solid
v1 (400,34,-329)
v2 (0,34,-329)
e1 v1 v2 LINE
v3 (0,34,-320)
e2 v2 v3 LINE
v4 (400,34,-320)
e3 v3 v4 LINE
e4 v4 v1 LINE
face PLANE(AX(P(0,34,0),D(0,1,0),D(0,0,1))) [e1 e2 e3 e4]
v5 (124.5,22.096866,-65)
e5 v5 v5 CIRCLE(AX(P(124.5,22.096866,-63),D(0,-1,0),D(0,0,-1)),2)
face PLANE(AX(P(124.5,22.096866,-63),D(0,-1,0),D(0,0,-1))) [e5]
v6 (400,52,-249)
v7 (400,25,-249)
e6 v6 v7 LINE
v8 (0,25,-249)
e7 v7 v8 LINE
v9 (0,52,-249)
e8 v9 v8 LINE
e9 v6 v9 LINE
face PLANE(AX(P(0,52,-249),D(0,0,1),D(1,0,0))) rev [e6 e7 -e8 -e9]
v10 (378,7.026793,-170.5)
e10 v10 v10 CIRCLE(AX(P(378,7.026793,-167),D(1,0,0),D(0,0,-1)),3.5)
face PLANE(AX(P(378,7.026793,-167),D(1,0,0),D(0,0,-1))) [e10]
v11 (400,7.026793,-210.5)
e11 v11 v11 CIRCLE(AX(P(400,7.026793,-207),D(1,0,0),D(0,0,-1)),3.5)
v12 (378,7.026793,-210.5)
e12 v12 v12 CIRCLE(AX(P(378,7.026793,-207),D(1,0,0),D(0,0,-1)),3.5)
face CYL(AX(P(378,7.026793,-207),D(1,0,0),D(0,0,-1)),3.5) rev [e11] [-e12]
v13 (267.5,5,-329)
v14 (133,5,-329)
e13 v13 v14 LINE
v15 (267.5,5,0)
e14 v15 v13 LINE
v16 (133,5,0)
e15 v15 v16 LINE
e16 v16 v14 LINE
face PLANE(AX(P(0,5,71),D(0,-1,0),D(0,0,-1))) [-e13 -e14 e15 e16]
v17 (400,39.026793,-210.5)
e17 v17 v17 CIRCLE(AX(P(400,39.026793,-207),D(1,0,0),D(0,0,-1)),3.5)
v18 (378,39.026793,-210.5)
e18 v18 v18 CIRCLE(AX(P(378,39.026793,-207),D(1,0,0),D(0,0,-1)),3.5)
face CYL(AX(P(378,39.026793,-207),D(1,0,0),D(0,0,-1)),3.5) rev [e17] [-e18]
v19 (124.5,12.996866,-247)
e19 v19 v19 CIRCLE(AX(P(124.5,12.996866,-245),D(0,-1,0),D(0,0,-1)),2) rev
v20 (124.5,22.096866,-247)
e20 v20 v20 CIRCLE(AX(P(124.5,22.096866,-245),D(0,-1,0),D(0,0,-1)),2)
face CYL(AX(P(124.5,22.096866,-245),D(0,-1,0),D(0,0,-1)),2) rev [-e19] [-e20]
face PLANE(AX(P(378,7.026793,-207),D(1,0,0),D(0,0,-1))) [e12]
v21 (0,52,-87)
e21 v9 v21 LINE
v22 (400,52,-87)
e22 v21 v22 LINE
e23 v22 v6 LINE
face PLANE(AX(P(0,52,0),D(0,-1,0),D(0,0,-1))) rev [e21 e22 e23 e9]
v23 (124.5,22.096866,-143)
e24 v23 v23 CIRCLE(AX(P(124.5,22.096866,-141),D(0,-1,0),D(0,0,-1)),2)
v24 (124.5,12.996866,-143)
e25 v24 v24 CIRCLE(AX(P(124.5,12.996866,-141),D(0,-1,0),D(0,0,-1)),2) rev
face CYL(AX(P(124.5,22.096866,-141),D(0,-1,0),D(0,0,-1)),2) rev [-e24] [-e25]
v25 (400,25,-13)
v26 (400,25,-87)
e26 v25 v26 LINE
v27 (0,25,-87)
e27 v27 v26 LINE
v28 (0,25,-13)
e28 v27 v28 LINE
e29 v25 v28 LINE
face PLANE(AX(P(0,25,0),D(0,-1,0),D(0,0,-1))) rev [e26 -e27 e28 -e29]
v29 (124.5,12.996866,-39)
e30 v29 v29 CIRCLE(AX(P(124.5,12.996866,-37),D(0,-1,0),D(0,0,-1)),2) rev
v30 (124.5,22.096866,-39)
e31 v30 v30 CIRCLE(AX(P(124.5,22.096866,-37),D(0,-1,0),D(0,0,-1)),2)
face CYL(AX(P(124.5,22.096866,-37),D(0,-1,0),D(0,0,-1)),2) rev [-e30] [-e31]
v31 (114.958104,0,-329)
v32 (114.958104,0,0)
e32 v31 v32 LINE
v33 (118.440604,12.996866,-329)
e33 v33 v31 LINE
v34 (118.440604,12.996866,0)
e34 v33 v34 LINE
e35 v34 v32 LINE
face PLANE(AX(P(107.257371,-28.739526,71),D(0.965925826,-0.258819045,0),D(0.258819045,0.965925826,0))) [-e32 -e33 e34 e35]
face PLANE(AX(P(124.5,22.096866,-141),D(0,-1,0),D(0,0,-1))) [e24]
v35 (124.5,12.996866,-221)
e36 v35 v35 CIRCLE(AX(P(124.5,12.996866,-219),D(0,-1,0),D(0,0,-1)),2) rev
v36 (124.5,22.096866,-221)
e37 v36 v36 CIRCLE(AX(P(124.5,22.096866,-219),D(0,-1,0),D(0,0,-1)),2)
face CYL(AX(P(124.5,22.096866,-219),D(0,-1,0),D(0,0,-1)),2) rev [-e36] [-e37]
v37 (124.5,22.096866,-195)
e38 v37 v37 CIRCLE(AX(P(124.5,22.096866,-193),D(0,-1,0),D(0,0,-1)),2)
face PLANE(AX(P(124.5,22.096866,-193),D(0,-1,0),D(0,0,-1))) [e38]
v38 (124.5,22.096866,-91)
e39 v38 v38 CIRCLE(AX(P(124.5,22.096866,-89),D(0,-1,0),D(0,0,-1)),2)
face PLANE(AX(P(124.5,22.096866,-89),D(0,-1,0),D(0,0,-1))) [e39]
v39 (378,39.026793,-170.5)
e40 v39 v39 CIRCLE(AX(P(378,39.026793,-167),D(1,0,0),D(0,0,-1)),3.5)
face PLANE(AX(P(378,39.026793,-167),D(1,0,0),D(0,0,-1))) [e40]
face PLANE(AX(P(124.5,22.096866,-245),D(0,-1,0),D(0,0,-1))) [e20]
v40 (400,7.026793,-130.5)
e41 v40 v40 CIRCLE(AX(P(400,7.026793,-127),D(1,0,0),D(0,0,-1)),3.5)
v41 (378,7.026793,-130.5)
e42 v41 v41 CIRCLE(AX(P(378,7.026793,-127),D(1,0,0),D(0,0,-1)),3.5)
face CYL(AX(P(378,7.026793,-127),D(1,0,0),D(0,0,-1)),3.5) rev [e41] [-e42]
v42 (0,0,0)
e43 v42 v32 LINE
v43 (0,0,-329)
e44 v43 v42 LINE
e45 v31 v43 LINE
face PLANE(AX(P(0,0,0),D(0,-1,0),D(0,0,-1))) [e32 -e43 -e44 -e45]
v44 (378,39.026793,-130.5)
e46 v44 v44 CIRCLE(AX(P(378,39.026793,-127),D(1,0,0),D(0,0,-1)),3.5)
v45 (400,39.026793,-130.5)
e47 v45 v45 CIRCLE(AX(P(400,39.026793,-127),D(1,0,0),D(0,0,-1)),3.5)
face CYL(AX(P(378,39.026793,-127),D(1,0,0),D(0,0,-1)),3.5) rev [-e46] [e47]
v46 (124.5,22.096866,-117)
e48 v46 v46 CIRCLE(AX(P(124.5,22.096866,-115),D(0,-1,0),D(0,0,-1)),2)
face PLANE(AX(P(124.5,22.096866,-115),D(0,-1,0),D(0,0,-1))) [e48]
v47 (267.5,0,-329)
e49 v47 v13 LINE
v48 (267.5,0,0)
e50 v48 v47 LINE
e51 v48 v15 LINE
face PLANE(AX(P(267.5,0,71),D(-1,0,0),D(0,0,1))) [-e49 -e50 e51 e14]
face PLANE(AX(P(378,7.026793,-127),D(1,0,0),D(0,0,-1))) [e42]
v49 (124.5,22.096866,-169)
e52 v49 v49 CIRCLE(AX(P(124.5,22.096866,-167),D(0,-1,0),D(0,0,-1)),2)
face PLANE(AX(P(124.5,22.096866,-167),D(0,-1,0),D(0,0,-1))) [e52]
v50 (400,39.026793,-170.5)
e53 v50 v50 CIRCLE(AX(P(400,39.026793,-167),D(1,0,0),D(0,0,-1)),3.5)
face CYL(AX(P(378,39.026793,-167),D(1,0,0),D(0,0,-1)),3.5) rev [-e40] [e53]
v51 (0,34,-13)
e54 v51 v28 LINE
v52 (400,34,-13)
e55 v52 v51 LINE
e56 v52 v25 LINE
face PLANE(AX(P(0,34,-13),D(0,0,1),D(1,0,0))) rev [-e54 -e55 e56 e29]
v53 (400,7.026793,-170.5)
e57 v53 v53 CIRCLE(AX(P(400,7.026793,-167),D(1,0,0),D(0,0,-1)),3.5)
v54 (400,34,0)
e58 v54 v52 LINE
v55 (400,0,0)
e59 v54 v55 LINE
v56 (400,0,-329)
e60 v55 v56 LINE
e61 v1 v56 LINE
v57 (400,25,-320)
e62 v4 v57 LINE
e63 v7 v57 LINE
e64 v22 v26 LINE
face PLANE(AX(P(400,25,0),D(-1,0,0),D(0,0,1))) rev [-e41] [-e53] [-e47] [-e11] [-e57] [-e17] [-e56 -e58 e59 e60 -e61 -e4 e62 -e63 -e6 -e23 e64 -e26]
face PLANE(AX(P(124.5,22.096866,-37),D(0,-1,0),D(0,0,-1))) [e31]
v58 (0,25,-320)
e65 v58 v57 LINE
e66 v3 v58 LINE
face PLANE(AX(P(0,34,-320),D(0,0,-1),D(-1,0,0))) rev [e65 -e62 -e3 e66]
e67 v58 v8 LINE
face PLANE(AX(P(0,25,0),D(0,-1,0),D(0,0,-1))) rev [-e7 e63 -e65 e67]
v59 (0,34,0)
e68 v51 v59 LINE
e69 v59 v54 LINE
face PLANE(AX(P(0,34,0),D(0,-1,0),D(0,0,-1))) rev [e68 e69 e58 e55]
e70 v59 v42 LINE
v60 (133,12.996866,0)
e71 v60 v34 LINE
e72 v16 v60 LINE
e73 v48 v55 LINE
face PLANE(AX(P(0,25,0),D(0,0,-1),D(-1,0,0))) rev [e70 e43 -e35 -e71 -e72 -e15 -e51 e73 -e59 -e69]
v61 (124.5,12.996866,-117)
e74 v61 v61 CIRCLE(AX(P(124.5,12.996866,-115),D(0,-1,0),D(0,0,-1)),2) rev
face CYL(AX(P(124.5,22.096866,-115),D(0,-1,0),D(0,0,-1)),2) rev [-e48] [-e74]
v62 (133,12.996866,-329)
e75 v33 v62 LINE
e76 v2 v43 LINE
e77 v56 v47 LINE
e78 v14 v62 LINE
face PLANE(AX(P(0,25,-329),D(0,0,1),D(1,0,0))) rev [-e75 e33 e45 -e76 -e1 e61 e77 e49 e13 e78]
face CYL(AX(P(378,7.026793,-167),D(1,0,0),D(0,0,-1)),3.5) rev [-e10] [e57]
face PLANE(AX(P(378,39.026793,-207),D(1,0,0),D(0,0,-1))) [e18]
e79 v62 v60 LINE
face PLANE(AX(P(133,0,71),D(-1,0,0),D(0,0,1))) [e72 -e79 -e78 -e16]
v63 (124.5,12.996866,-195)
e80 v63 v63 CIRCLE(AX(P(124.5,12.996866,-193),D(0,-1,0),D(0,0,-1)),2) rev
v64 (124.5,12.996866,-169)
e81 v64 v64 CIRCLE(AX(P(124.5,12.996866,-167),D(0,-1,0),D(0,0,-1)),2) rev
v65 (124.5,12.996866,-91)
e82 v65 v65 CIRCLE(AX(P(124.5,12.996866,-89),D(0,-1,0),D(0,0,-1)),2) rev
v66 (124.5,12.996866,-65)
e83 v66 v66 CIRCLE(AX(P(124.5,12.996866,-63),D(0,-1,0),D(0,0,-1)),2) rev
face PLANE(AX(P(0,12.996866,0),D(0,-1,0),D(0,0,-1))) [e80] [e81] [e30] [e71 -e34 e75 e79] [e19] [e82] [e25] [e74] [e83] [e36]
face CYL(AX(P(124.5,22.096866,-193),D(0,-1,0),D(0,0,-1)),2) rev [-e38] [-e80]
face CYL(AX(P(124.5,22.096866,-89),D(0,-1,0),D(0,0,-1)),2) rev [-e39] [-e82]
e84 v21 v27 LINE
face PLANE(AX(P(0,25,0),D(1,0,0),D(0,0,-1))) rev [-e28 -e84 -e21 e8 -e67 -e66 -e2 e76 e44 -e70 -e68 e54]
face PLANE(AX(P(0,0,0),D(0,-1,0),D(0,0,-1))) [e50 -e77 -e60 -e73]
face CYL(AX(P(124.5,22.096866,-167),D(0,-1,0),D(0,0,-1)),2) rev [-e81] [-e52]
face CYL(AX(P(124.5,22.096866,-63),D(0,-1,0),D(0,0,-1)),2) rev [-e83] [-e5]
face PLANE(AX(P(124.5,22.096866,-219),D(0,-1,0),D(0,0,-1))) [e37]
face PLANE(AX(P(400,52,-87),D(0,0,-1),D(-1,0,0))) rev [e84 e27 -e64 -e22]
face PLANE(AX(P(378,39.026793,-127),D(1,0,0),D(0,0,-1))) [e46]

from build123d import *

# Parameters (mm, degrees)
SKETCH_1_W           = 400
SKETCH_1_H           = 329
EXTRUDE_1_DEPTH      = 25
SKETCH_2_W           = 400
SKETCH_2_H           = 162
EXTRUDE_2_DEPTH      = 27
SKETCH_4_W           = 400
SKETCH_4_H           = 9
SKETCH_4_H_2         = 13
EXTRUDE_3_DEPTH      = 9
CUT_EXTRUDE_3_DEPTH  = 400
SKETCH_10_R          = 2
CUT_EXTRUDE_8_DEPTH  = 9.03
EXTRUDE_START        = 0.07
SKETCH_12_W          = 14.540639504
SKETCH_12_H          = 329
SKETCH_12_R          = 2
EXTRUDE_4_DEPTH      = 0.07
EXTRUDE_5_DEPTH      = 329
SKETCH_15_R          = 3.5
CUT_EXTRUDE_10_DEPTH = 22


with BuildPart() as part:
    # 草图1 → 凸台-拉伸1 (new body)
    with BuildSketch(Plane(origin=(0, 0, 0), x_dir=(1, 0, 0), z_dir=(0, 1, 0))):
        with Locations((200, 164.5)):
            Rectangle(SKETCH_1_W, SKETCH_1_H)
    extrude(amount=EXTRUDE_1_DEPTH)

    # 草图2 → 凸台-拉伸2 (add)
    with BuildSketch(Plane(origin=(0, 25, 0), x_dir=(1, 0, 0), z_dir=(0, 1, 0))):
        with Locations((200, 168)):
            Rectangle(SKETCH_2_W, SKETCH_2_H)
    extrude(amount=EXTRUDE_2_DEPTH)

    # 草图4 → 凸台-拉伸3 (add)
    with BuildSketch(Plane(origin=(0, 25, 0), x_dir=(1, 0, 0), z_dir=(0, 1, 0))):
        with Locations((200, 324.5)):
            Rectangle(SKETCH_4_W, SKETCH_4_H)
        with Locations((200, 6.5)):
            Rectangle(SKETCH_4_W, SKETCH_4_H_2)
    extrude(amount=EXTRUDE_3_DEPTH)

    # 草图8 → 切除-拉伸3 (cut)
    with BuildSketch(Plane(origin=(0, 0, -329), x_dir=(-1, 0, 0), z_dir=(0, 0, -1))):
        Polygon((-267.5, 5), (-267.5, 0), (-114.958104289, 0), (-118.459360496, 13.066866054), (-133, 13.066866054), (-133, 5), align=None)
    extrude(amount=-CUT_EXTRUDE_3_DEPTH, mode=Mode.SUBTRACT)

    # 草图10 → 切除-拉伸8 (cut)
    with BuildSketch(Plane.XZ.offset(-13.066866054)):
        with Locations(Location((124.5, -37, 0), (0, 0, 270))):
            Circle(SKETCH_10_R)
        with Locations(Location((124.5, -63, 0), (0, 0, 270))):
            Circle(SKETCH_10_R)
        with Locations(Location((124.5, -89, 0), (0, 0, 270))):
            Circle(SKETCH_10_R)
        with Locations(Location((124.5, -115, 0), (0, 0, 270))):
            Circle(SKETCH_10_R)
        with Locations(Location((124.5, -141, 0), (0, 0, 270))):
            Circle(SKETCH_10_R)
        with Locations(Location((124.5, -167, 0), (0, 0, 270))):
            Circle(SKETCH_10_R)
        with Locations(Location((124.5, -193, 0), (0, 0, 270))):
            Circle(SKETCH_10_R)
        with Locations(Location((124.5, -219, 0), (0, 0, 270))):
            Circle(SKETCH_10_R)
        with Locations(Location((124.5, -245, 0), (0, 0, 270))):
            Circle(SKETCH_10_R)
    extrude(amount=-CUT_EXTRUDE_8_DEPTH, mode=Mode.SUBTRACT)

    # 草图12 → 凸台-拉伸4 (add)
    with BuildSketch(Plane.XZ.offset(-13.066866054).offset(EXTRUDE_START)):
        with Locations((125.729680248, -164.5)):
            Rectangle(SKETCH_12_W, SKETCH_12_H)
        with Locations(Location((124.5, -63, 0), (0, 0, 270))):
            Circle(SKETCH_12_R, mode=Mode.SUBTRACT)
        with Locations(Location((124.5, -115, 0), (0, 0, 270))):
            Circle(SKETCH_12_R, mode=Mode.SUBTRACT)
        with Locations(Location((124.5, -167, 0), (0, 0, 270))):
            Circle(SKETCH_12_R, mode=Mode.SUBTRACT)
        with Locations(Location((124.5, -219, 0), (0, 0, 270))):
            Circle(SKETCH_12_R, mode=Mode.SUBTRACT)
        with Locations(Location((124.5, -245, 0), (0, 0, 270))):
            Circle(SKETCH_12_R, mode=Mode.SUBTRACT)
        with Locations(Location((124.5, -193, 0), (0, 0, 270))):
            Circle(SKETCH_12_R, mode=Mode.SUBTRACT)
        with Locations(Location((124.5, -141, 0), (0, 0, 270))):
            Circle(SKETCH_12_R, mode=Mode.SUBTRACT)
        with Locations(Location((124.5, -89, 0), (0, 0, 270))):
            Circle(SKETCH_12_R, mode=Mode.SUBTRACT)
        with Locations(Location((124.5, -37, 0), (0, 0, 270))):
            Circle(SKETCH_12_R, mode=Mode.SUBTRACT)
    extrude(amount=-EXTRUDE_4_DEPTH)

    # 草图13 → 凸台-拉伸5 (add)
    with BuildSketch(Plane.XY):
        Polygon((118.459360496, 13.066866054), (118.459360496, 12.996866054), (118.440604053, 12.996866054), align=None)
    extrude(amount=-EXTRUDE_5_DEPTH)

    # 草图15 → 切除-拉伸10 (cut)
    with BuildSketch(Plane(origin=(400, 0, 0), x_dir=(0, 0, -1), z_dir=(1, 0, 0))):
        with Locations((207, 39.026793109)):
            Circle(SKETCH_15_R)
        with Locations((207, 7.026793109)):
            Circle(SKETCH_15_R)
        with Locations((167, 39.026793109)):
            Circle(SKETCH_15_R)
        with Locations((167, 7.026793109)):
            Circle(SKETCH_15_R)
        with Locations((127, 39.026793109)):
            Circle(SKETCH_15_R)
        with Locations((127, 7.026793109)):
            Circle(SKETCH_15_R)
    extrude(amount=-CUT_EXTRUDE_10_DEPTH, mode=Mode.SUBTRACT)


solid = part.part
